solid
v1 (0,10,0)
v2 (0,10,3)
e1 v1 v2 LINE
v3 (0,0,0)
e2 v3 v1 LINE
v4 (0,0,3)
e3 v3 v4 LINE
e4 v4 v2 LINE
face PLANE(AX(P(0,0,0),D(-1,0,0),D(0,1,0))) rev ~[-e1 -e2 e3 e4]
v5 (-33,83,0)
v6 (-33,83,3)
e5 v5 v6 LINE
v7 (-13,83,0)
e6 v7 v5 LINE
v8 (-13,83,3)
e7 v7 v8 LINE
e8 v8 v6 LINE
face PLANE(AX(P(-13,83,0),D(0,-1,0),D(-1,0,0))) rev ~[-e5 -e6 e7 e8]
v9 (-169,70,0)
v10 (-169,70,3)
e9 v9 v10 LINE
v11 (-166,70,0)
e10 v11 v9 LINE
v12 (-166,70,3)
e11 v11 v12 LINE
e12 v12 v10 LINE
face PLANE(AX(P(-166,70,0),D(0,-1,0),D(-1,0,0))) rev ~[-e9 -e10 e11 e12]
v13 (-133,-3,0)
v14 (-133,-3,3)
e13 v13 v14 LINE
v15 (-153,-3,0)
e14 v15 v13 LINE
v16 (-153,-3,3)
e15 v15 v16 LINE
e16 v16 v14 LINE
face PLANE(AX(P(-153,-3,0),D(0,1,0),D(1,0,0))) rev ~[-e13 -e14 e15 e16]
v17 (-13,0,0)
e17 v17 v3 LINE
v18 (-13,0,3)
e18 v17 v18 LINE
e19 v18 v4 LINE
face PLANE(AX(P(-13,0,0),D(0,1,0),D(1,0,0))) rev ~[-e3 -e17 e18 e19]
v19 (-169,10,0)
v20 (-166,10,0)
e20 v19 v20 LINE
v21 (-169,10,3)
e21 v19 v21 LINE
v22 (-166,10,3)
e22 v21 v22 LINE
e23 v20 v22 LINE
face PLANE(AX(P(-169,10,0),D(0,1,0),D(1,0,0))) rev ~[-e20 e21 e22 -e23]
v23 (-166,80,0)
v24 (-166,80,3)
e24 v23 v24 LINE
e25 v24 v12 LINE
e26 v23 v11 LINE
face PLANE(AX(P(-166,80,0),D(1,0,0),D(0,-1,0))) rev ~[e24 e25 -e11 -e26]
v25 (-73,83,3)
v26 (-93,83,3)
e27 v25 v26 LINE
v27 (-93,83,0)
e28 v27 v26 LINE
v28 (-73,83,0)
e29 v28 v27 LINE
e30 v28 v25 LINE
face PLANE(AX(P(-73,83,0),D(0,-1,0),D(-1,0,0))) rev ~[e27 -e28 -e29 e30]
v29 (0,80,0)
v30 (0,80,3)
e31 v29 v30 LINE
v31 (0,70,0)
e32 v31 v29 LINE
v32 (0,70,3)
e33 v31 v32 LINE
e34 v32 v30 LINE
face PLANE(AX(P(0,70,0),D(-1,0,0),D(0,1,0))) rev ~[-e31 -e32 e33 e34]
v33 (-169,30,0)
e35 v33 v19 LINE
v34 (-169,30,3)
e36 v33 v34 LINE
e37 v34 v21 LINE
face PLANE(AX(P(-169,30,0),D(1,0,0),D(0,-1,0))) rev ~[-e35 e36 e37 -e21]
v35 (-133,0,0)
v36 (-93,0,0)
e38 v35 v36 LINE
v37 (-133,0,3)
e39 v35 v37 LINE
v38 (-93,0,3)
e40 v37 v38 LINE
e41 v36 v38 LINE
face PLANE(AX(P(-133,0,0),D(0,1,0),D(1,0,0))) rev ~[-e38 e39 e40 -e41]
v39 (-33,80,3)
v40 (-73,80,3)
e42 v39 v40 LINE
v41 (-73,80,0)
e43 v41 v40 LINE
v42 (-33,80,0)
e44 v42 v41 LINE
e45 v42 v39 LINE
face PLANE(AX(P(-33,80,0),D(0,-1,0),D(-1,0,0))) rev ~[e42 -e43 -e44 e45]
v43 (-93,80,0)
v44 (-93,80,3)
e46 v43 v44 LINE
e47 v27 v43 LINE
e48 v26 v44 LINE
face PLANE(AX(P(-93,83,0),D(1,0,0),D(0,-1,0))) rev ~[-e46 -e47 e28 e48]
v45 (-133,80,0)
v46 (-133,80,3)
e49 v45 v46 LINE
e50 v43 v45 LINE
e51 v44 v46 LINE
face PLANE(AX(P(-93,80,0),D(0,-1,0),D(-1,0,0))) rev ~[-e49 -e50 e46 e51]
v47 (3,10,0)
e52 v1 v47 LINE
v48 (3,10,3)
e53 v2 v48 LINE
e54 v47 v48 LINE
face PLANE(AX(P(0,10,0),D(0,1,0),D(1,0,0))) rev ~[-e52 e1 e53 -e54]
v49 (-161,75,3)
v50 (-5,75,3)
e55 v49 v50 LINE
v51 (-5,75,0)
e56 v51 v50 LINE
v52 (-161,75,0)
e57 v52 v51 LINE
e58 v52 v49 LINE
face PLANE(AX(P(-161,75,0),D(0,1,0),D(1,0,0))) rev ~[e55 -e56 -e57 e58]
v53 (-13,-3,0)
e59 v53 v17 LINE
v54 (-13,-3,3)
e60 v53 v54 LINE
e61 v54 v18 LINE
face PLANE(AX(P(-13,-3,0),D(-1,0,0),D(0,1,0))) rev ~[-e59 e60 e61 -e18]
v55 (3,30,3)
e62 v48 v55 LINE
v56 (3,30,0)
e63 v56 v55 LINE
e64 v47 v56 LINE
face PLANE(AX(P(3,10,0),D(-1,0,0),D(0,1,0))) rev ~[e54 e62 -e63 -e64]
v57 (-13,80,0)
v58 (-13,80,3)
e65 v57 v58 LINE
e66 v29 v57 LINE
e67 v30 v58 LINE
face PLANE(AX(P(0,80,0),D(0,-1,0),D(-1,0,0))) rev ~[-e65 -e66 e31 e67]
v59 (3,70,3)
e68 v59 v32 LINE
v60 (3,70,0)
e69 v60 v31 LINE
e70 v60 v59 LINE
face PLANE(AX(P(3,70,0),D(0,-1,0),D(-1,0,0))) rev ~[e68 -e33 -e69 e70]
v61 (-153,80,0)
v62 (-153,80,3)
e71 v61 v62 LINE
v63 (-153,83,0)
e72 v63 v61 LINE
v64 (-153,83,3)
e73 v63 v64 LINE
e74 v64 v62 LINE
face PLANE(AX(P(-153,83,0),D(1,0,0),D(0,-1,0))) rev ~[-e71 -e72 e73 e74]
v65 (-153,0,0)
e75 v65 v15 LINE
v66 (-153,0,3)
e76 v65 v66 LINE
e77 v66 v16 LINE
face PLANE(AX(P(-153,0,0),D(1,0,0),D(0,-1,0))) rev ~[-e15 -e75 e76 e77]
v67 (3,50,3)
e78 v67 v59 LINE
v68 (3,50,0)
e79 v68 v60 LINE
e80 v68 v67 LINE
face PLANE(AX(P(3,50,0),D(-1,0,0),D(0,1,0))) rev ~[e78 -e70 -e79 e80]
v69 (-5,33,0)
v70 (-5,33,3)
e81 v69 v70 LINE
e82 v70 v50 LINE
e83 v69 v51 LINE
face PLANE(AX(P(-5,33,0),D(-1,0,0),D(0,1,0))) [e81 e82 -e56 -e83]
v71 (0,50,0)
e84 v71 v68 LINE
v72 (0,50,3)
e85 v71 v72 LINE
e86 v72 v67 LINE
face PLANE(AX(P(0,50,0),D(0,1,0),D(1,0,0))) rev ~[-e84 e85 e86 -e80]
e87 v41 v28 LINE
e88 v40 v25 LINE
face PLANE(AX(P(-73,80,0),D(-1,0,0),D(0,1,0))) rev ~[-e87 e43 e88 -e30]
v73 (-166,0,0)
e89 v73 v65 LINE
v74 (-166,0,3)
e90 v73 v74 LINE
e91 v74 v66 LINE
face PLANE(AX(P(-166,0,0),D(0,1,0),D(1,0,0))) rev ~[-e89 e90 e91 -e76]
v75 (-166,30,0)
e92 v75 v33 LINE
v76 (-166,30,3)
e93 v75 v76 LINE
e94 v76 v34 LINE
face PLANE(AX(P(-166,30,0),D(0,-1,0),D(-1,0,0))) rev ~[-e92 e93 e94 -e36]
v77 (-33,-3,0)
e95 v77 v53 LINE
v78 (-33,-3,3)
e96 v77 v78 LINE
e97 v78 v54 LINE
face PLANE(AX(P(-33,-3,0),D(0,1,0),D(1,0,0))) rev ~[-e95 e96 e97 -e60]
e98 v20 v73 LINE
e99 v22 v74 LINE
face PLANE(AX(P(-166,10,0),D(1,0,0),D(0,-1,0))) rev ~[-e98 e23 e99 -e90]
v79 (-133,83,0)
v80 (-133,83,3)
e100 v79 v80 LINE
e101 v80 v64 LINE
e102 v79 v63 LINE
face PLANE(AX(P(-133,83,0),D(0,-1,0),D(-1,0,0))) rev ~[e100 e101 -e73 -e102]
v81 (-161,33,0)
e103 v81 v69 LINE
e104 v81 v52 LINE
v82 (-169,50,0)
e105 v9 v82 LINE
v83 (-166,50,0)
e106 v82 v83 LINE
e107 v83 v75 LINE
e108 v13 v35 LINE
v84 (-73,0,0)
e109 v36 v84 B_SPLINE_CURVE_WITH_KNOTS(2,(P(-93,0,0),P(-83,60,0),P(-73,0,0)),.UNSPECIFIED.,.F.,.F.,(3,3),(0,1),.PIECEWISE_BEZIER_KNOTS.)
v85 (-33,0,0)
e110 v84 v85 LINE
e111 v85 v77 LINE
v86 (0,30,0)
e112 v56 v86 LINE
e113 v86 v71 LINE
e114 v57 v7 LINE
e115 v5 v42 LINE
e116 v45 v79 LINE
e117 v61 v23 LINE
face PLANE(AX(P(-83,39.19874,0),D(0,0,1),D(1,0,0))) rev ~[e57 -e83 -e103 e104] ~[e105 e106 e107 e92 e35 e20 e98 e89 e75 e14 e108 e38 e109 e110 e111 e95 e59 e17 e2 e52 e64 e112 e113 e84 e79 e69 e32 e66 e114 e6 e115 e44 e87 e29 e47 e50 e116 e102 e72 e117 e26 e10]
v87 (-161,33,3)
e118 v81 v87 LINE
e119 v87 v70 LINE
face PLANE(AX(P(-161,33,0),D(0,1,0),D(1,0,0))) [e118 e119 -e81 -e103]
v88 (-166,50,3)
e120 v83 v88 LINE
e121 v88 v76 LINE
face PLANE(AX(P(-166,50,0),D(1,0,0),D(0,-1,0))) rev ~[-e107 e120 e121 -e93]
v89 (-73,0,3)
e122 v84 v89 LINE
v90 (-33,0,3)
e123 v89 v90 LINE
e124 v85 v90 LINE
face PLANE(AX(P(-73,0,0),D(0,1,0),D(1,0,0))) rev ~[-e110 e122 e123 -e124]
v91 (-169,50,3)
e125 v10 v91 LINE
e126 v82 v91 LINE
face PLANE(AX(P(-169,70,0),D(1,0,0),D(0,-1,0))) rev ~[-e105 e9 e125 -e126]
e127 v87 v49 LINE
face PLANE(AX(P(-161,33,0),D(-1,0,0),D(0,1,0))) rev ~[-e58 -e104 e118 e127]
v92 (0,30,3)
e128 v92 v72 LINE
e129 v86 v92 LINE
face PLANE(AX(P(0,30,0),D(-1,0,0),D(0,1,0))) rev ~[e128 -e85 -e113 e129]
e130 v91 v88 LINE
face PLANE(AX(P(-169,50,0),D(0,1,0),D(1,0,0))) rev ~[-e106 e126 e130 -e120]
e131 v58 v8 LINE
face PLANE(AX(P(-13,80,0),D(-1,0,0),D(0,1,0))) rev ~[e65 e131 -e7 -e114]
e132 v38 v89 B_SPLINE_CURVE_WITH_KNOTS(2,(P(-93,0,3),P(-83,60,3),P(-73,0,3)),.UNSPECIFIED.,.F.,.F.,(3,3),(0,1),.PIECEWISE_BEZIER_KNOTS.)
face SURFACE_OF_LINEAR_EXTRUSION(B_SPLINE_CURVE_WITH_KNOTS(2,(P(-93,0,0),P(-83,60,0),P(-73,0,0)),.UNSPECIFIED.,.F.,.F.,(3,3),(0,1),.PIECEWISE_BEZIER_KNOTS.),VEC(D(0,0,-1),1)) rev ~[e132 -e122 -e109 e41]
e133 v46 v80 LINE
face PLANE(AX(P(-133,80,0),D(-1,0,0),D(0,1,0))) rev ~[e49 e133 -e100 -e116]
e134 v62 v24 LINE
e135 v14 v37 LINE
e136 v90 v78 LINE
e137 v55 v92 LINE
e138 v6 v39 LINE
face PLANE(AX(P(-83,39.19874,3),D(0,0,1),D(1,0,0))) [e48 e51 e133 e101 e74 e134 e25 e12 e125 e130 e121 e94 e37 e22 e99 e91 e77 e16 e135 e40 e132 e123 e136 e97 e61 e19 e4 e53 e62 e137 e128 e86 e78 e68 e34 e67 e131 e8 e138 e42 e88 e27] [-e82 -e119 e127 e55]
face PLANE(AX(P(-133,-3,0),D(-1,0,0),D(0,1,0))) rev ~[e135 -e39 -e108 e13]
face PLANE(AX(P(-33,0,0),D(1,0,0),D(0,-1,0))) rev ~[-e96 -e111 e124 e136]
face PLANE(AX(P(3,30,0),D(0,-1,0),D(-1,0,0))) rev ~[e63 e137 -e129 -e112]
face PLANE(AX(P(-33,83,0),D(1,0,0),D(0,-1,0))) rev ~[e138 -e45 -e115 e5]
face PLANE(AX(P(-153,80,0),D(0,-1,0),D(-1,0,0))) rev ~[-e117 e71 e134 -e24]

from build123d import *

# Parameters (mm, degrees)
ESQUISSE1_W        = 156
ESQUISSE1_H        = 42.000000092
BOSS_EXTRU_1_DEPTH = 3


with BuildPart() as part:
    # Esquisse1 → Boss.-Extru.1 (new body)
    with BuildSketch(Plane.XY):
        with BuildLine():
            Line((0, 0), (0, 10))
            Line((0, 10), (3, 10))
            Line((3, 10), (3, 30))
            Line((3, 30), (0, 30))
            Line((0, 30), (0, 50))
            Line((0, 50), (3, 50))
            Line((3, 50), (3, 70))
            Line((3, 70), (0, 70))
            Line((0, 70), (0, 80))
            Line((0, 80), (-13, 80))
            Line((-13, 80), (-13, 83))
            Line((-13, 83), (-33, 83))
            Line((-33, 83), (-33, 80))
            Line((-33, 80), (-73, 80))
            Line((-73, 80), (-73, 83))
            Line((-73, 83), (-93, 83))
            Line((-93, 83), (-93, 80))
            Line((-93, 80), (-133, 80))
            Line((-133, 80), (-133, 83))
            Line((-133, 83), (-153, 83))
            Line((-153, 83), (-153, 80))
            Line((-153, 80), (-166, 80))
            Line((-166, 80), (-166, 70))
            Line((-166, 70), (-169, 70))
            Line((-169, 70), (-169, 50))
            Line((-169, 50), (-166, 50))
            Line((-166, 50), (-166, 30))
            Line((-166, 30), (-169, 30))
            Line((-169, 30), (-169, 10))
            Line((-169, 10), (-166, 10))
            Line((-166, 10), (-166, 0))
            Line((-166, 0), (-153, 0))
            Line((-153, 0), (-153, -3))
            Line((-153, -3), (-133, -3))
            Line((-133, -3), (-133, 0))
            Line((-133, 0), (-92.99999998, 0))
            add(Edge.make_bspline(
                [(-92.99999998, 0), (-83, 59.999999815), (-73.00000002, 0)],
                knots=[0, 0, 0, 1, 1, 1], degree=2))
            Line((-73.00000002, 0), (-33, 0))
            Line((-33, 0), (-33, -3))
            Line((-33, -3), (-13, -3))
            Line((-13, -3), (-13, 0))
            Line((-13, 0), (0, 0))
        make_face()
        with Locations((-83, 53.999999954)):
            Rectangle(ESQUISSE1_W, ESQUISSE1_H, mode=Mode.SUBTRACT)
    extrude(amount=BOSS_EXTRU_1_DEPTH)


solid = part.part
